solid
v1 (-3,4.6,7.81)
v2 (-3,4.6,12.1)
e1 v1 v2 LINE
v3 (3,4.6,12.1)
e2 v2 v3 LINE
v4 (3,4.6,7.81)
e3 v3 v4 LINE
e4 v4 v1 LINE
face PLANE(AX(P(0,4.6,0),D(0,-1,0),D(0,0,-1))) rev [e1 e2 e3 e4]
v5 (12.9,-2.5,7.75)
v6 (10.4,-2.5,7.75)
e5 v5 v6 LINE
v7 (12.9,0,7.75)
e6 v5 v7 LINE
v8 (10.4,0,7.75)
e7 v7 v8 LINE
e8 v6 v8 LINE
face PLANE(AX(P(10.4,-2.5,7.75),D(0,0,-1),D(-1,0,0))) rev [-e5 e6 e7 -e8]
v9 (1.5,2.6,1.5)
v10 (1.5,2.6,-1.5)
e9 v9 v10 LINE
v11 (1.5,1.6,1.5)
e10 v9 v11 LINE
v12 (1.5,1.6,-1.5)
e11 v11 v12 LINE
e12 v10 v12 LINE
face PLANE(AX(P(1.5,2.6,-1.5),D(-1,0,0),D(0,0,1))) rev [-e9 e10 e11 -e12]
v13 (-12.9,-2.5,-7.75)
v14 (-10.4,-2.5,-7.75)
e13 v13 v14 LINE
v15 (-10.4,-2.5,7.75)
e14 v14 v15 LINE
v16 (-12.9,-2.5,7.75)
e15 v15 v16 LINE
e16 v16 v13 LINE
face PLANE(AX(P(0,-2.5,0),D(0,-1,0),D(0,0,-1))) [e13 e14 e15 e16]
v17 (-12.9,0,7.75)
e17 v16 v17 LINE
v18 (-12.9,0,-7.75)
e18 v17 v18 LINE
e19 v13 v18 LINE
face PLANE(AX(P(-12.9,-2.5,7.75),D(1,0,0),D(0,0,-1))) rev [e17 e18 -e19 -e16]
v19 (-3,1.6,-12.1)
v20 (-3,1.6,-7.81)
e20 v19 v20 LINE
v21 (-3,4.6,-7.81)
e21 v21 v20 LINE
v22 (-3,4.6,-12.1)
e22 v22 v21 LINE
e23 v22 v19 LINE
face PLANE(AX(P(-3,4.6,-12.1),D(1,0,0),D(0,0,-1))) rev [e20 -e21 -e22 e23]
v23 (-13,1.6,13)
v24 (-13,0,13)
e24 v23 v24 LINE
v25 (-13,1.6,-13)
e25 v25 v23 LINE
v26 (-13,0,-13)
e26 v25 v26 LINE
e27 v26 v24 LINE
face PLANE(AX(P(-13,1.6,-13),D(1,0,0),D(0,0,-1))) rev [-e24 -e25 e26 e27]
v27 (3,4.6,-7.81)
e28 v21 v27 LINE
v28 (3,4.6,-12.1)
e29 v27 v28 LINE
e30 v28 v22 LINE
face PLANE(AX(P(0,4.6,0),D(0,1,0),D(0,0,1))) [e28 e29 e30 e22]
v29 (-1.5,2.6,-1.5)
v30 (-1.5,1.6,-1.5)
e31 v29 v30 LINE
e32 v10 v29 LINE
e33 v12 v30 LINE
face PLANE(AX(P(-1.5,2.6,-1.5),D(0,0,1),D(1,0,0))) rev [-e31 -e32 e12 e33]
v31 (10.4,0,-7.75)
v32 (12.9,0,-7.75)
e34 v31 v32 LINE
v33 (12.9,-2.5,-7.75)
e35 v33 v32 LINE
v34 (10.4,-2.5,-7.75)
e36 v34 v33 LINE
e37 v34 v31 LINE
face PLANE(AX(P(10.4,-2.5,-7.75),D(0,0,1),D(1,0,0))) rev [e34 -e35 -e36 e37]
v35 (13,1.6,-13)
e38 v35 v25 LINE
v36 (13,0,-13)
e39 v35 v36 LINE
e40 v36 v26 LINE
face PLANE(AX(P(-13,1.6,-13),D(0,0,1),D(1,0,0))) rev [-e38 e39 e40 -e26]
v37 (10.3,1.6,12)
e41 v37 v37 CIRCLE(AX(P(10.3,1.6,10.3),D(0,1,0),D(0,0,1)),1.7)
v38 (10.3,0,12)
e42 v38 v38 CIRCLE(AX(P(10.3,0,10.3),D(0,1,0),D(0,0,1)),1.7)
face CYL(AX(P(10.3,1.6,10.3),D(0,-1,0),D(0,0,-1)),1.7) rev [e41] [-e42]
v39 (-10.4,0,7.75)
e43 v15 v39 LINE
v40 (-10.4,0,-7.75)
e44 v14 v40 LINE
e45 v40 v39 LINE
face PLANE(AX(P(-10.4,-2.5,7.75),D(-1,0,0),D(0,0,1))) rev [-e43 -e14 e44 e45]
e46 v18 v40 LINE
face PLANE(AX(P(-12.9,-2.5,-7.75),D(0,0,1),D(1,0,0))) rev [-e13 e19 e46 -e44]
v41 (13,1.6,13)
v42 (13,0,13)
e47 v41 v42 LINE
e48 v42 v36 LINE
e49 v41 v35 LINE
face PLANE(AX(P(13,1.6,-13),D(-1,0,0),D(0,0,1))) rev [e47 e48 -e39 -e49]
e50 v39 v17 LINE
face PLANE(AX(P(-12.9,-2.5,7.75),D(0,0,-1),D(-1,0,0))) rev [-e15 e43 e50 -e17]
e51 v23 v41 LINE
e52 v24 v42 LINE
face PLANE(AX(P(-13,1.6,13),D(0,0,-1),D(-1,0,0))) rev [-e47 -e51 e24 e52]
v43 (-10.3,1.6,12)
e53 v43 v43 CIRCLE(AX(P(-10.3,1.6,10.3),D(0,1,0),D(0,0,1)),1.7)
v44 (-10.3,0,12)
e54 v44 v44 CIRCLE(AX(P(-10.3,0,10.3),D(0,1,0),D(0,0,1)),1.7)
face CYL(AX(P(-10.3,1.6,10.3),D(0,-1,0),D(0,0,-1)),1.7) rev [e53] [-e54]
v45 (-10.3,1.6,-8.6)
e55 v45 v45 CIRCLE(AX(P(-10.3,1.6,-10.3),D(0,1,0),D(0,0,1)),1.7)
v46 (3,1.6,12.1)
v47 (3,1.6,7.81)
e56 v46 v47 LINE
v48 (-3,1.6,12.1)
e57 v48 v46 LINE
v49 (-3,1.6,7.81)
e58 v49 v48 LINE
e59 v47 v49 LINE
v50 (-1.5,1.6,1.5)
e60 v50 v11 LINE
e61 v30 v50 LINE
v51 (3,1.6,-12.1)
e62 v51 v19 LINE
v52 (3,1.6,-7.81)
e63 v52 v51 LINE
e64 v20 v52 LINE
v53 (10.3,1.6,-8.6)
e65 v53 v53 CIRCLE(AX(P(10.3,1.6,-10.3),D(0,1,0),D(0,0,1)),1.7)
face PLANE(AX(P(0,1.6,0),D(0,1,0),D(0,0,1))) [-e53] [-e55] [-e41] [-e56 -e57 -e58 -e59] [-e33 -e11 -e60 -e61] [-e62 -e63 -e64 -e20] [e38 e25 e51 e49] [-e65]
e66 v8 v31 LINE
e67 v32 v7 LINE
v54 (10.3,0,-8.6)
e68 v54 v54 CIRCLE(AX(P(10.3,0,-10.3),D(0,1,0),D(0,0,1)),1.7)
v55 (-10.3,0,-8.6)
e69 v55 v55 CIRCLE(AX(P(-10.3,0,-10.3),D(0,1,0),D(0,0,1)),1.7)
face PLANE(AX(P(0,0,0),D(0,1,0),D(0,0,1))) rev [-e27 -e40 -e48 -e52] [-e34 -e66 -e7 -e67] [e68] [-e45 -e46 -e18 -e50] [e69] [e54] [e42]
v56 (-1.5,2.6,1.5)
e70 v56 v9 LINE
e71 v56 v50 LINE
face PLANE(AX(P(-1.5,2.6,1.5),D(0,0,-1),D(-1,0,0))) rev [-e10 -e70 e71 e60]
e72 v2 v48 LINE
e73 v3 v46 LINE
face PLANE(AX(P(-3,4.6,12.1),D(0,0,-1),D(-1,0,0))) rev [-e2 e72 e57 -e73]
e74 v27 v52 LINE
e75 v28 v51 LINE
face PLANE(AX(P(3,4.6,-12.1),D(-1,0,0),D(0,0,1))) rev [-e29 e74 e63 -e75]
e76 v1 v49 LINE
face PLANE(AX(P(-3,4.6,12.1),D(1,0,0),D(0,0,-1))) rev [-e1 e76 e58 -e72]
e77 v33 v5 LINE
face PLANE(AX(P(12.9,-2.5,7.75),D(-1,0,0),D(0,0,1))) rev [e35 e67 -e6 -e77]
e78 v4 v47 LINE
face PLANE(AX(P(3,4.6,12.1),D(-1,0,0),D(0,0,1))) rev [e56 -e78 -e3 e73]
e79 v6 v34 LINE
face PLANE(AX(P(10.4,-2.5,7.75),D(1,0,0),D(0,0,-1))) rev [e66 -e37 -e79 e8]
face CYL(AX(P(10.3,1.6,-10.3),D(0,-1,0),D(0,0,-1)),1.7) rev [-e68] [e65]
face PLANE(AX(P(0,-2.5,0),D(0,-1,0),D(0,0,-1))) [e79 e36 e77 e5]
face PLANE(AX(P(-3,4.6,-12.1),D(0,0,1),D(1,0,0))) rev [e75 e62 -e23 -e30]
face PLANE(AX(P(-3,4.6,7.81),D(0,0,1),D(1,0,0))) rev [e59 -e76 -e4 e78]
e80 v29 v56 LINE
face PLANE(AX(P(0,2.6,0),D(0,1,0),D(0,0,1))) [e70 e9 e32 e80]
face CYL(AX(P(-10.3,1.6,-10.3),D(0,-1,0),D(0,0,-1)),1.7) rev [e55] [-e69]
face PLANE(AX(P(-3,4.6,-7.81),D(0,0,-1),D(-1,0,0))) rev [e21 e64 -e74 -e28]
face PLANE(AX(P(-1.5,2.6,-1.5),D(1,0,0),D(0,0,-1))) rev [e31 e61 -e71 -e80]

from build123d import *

# Parameters (mm, degrees)
SKETCH1_W           = 26
SKETCH1_H           = 26
SKETCH1_R           = 1.7
BOSS_EXTRUDE1_DEPTH = 1.6
SKETCH2_W           = 6
SKETCH2_H           = 4.29
BOSS_EXTRUDE2_DEPTH = 3
SKETCH3_W           = 2.5
SKETCH3_H           = 15.5
BOSS_EXTRUDE3_DEPTH = 2.5
SKETCH4_W           = 3
SKETCH4_H           = 3
BOSS_EXTRUDE4_DEPTH = 1


with BuildPart() as part:
    # Sketch1 → Boss-Extrude1 (new body)
    with BuildSketch(Plane(origin=(0, 0, 0), x_dir=(1, 0, 0), z_dir=(0, 1, 0))):
        Rectangle(SKETCH1_W, SKETCH1_H)
        with Locations(Location((-10.3, 10.3, 0), (0, 0, 270))):
            Circle(SKETCH1_R, mode=Mode.SUBTRACT)
        with Locations(Location((10.3, 10.3, 0), (0, 0, 270))):
            Circle(SKETCH1_R, mode=Mode.SUBTRACT)
        with Locations(Location((-10.3, -10.3, 0), (0, 0, 270))):
            Circle(SKETCH1_R, mode=Mode.SUBTRACT)
        with Locations(Location((10.3, -10.3, 0), (0, 0, 270))):
            Circle(SKETCH1_R, mode=Mode.SUBTRACT)
    extrude(amount=BOSS_EXTRUDE1_DEPTH)

    # Sketch2 → Boss-Extrude2 (add)
    with BuildSketch(Plane(origin=(0, 1.6, 0), x_dir=(1, 0, 0), z_dir=(0, 1, 0))):
        with Locations((0, 9.955)):
            Rectangle(SKETCH2_W, SKETCH2_H)
        with Locations((0, -9.955)):
            Rectangle(SKETCH2_W, SKETCH2_H)
    extrude(amount=BOSS_EXTRUDE2_DEPTH)

    # Sketch3 → Boss-Extrude3 (add)
    with BuildSketch(Plane.XZ):
        with Locations((-11.65, 0)):
            Rectangle(SKETCH3_W, SKETCH3_H)
        with Locations((11.65, 0)):
            Rectangle(SKETCH3_W, SKETCH3_H)
    extrude(amount=BOSS_EXTRUDE3_DEPTH)

    # Sketch4 → Boss-Extrude4 (add)
    with BuildSketch(Plane(origin=(0, 1.6, 0), x_dir=(1, 0, 0), z_dir=(0, 1, 0))):
        Rectangle(SKETCH4_W, SKETCH4_H)
    extrude(amount=BOSS_EXTRUDE4_DEPTH)


solid = part.part
